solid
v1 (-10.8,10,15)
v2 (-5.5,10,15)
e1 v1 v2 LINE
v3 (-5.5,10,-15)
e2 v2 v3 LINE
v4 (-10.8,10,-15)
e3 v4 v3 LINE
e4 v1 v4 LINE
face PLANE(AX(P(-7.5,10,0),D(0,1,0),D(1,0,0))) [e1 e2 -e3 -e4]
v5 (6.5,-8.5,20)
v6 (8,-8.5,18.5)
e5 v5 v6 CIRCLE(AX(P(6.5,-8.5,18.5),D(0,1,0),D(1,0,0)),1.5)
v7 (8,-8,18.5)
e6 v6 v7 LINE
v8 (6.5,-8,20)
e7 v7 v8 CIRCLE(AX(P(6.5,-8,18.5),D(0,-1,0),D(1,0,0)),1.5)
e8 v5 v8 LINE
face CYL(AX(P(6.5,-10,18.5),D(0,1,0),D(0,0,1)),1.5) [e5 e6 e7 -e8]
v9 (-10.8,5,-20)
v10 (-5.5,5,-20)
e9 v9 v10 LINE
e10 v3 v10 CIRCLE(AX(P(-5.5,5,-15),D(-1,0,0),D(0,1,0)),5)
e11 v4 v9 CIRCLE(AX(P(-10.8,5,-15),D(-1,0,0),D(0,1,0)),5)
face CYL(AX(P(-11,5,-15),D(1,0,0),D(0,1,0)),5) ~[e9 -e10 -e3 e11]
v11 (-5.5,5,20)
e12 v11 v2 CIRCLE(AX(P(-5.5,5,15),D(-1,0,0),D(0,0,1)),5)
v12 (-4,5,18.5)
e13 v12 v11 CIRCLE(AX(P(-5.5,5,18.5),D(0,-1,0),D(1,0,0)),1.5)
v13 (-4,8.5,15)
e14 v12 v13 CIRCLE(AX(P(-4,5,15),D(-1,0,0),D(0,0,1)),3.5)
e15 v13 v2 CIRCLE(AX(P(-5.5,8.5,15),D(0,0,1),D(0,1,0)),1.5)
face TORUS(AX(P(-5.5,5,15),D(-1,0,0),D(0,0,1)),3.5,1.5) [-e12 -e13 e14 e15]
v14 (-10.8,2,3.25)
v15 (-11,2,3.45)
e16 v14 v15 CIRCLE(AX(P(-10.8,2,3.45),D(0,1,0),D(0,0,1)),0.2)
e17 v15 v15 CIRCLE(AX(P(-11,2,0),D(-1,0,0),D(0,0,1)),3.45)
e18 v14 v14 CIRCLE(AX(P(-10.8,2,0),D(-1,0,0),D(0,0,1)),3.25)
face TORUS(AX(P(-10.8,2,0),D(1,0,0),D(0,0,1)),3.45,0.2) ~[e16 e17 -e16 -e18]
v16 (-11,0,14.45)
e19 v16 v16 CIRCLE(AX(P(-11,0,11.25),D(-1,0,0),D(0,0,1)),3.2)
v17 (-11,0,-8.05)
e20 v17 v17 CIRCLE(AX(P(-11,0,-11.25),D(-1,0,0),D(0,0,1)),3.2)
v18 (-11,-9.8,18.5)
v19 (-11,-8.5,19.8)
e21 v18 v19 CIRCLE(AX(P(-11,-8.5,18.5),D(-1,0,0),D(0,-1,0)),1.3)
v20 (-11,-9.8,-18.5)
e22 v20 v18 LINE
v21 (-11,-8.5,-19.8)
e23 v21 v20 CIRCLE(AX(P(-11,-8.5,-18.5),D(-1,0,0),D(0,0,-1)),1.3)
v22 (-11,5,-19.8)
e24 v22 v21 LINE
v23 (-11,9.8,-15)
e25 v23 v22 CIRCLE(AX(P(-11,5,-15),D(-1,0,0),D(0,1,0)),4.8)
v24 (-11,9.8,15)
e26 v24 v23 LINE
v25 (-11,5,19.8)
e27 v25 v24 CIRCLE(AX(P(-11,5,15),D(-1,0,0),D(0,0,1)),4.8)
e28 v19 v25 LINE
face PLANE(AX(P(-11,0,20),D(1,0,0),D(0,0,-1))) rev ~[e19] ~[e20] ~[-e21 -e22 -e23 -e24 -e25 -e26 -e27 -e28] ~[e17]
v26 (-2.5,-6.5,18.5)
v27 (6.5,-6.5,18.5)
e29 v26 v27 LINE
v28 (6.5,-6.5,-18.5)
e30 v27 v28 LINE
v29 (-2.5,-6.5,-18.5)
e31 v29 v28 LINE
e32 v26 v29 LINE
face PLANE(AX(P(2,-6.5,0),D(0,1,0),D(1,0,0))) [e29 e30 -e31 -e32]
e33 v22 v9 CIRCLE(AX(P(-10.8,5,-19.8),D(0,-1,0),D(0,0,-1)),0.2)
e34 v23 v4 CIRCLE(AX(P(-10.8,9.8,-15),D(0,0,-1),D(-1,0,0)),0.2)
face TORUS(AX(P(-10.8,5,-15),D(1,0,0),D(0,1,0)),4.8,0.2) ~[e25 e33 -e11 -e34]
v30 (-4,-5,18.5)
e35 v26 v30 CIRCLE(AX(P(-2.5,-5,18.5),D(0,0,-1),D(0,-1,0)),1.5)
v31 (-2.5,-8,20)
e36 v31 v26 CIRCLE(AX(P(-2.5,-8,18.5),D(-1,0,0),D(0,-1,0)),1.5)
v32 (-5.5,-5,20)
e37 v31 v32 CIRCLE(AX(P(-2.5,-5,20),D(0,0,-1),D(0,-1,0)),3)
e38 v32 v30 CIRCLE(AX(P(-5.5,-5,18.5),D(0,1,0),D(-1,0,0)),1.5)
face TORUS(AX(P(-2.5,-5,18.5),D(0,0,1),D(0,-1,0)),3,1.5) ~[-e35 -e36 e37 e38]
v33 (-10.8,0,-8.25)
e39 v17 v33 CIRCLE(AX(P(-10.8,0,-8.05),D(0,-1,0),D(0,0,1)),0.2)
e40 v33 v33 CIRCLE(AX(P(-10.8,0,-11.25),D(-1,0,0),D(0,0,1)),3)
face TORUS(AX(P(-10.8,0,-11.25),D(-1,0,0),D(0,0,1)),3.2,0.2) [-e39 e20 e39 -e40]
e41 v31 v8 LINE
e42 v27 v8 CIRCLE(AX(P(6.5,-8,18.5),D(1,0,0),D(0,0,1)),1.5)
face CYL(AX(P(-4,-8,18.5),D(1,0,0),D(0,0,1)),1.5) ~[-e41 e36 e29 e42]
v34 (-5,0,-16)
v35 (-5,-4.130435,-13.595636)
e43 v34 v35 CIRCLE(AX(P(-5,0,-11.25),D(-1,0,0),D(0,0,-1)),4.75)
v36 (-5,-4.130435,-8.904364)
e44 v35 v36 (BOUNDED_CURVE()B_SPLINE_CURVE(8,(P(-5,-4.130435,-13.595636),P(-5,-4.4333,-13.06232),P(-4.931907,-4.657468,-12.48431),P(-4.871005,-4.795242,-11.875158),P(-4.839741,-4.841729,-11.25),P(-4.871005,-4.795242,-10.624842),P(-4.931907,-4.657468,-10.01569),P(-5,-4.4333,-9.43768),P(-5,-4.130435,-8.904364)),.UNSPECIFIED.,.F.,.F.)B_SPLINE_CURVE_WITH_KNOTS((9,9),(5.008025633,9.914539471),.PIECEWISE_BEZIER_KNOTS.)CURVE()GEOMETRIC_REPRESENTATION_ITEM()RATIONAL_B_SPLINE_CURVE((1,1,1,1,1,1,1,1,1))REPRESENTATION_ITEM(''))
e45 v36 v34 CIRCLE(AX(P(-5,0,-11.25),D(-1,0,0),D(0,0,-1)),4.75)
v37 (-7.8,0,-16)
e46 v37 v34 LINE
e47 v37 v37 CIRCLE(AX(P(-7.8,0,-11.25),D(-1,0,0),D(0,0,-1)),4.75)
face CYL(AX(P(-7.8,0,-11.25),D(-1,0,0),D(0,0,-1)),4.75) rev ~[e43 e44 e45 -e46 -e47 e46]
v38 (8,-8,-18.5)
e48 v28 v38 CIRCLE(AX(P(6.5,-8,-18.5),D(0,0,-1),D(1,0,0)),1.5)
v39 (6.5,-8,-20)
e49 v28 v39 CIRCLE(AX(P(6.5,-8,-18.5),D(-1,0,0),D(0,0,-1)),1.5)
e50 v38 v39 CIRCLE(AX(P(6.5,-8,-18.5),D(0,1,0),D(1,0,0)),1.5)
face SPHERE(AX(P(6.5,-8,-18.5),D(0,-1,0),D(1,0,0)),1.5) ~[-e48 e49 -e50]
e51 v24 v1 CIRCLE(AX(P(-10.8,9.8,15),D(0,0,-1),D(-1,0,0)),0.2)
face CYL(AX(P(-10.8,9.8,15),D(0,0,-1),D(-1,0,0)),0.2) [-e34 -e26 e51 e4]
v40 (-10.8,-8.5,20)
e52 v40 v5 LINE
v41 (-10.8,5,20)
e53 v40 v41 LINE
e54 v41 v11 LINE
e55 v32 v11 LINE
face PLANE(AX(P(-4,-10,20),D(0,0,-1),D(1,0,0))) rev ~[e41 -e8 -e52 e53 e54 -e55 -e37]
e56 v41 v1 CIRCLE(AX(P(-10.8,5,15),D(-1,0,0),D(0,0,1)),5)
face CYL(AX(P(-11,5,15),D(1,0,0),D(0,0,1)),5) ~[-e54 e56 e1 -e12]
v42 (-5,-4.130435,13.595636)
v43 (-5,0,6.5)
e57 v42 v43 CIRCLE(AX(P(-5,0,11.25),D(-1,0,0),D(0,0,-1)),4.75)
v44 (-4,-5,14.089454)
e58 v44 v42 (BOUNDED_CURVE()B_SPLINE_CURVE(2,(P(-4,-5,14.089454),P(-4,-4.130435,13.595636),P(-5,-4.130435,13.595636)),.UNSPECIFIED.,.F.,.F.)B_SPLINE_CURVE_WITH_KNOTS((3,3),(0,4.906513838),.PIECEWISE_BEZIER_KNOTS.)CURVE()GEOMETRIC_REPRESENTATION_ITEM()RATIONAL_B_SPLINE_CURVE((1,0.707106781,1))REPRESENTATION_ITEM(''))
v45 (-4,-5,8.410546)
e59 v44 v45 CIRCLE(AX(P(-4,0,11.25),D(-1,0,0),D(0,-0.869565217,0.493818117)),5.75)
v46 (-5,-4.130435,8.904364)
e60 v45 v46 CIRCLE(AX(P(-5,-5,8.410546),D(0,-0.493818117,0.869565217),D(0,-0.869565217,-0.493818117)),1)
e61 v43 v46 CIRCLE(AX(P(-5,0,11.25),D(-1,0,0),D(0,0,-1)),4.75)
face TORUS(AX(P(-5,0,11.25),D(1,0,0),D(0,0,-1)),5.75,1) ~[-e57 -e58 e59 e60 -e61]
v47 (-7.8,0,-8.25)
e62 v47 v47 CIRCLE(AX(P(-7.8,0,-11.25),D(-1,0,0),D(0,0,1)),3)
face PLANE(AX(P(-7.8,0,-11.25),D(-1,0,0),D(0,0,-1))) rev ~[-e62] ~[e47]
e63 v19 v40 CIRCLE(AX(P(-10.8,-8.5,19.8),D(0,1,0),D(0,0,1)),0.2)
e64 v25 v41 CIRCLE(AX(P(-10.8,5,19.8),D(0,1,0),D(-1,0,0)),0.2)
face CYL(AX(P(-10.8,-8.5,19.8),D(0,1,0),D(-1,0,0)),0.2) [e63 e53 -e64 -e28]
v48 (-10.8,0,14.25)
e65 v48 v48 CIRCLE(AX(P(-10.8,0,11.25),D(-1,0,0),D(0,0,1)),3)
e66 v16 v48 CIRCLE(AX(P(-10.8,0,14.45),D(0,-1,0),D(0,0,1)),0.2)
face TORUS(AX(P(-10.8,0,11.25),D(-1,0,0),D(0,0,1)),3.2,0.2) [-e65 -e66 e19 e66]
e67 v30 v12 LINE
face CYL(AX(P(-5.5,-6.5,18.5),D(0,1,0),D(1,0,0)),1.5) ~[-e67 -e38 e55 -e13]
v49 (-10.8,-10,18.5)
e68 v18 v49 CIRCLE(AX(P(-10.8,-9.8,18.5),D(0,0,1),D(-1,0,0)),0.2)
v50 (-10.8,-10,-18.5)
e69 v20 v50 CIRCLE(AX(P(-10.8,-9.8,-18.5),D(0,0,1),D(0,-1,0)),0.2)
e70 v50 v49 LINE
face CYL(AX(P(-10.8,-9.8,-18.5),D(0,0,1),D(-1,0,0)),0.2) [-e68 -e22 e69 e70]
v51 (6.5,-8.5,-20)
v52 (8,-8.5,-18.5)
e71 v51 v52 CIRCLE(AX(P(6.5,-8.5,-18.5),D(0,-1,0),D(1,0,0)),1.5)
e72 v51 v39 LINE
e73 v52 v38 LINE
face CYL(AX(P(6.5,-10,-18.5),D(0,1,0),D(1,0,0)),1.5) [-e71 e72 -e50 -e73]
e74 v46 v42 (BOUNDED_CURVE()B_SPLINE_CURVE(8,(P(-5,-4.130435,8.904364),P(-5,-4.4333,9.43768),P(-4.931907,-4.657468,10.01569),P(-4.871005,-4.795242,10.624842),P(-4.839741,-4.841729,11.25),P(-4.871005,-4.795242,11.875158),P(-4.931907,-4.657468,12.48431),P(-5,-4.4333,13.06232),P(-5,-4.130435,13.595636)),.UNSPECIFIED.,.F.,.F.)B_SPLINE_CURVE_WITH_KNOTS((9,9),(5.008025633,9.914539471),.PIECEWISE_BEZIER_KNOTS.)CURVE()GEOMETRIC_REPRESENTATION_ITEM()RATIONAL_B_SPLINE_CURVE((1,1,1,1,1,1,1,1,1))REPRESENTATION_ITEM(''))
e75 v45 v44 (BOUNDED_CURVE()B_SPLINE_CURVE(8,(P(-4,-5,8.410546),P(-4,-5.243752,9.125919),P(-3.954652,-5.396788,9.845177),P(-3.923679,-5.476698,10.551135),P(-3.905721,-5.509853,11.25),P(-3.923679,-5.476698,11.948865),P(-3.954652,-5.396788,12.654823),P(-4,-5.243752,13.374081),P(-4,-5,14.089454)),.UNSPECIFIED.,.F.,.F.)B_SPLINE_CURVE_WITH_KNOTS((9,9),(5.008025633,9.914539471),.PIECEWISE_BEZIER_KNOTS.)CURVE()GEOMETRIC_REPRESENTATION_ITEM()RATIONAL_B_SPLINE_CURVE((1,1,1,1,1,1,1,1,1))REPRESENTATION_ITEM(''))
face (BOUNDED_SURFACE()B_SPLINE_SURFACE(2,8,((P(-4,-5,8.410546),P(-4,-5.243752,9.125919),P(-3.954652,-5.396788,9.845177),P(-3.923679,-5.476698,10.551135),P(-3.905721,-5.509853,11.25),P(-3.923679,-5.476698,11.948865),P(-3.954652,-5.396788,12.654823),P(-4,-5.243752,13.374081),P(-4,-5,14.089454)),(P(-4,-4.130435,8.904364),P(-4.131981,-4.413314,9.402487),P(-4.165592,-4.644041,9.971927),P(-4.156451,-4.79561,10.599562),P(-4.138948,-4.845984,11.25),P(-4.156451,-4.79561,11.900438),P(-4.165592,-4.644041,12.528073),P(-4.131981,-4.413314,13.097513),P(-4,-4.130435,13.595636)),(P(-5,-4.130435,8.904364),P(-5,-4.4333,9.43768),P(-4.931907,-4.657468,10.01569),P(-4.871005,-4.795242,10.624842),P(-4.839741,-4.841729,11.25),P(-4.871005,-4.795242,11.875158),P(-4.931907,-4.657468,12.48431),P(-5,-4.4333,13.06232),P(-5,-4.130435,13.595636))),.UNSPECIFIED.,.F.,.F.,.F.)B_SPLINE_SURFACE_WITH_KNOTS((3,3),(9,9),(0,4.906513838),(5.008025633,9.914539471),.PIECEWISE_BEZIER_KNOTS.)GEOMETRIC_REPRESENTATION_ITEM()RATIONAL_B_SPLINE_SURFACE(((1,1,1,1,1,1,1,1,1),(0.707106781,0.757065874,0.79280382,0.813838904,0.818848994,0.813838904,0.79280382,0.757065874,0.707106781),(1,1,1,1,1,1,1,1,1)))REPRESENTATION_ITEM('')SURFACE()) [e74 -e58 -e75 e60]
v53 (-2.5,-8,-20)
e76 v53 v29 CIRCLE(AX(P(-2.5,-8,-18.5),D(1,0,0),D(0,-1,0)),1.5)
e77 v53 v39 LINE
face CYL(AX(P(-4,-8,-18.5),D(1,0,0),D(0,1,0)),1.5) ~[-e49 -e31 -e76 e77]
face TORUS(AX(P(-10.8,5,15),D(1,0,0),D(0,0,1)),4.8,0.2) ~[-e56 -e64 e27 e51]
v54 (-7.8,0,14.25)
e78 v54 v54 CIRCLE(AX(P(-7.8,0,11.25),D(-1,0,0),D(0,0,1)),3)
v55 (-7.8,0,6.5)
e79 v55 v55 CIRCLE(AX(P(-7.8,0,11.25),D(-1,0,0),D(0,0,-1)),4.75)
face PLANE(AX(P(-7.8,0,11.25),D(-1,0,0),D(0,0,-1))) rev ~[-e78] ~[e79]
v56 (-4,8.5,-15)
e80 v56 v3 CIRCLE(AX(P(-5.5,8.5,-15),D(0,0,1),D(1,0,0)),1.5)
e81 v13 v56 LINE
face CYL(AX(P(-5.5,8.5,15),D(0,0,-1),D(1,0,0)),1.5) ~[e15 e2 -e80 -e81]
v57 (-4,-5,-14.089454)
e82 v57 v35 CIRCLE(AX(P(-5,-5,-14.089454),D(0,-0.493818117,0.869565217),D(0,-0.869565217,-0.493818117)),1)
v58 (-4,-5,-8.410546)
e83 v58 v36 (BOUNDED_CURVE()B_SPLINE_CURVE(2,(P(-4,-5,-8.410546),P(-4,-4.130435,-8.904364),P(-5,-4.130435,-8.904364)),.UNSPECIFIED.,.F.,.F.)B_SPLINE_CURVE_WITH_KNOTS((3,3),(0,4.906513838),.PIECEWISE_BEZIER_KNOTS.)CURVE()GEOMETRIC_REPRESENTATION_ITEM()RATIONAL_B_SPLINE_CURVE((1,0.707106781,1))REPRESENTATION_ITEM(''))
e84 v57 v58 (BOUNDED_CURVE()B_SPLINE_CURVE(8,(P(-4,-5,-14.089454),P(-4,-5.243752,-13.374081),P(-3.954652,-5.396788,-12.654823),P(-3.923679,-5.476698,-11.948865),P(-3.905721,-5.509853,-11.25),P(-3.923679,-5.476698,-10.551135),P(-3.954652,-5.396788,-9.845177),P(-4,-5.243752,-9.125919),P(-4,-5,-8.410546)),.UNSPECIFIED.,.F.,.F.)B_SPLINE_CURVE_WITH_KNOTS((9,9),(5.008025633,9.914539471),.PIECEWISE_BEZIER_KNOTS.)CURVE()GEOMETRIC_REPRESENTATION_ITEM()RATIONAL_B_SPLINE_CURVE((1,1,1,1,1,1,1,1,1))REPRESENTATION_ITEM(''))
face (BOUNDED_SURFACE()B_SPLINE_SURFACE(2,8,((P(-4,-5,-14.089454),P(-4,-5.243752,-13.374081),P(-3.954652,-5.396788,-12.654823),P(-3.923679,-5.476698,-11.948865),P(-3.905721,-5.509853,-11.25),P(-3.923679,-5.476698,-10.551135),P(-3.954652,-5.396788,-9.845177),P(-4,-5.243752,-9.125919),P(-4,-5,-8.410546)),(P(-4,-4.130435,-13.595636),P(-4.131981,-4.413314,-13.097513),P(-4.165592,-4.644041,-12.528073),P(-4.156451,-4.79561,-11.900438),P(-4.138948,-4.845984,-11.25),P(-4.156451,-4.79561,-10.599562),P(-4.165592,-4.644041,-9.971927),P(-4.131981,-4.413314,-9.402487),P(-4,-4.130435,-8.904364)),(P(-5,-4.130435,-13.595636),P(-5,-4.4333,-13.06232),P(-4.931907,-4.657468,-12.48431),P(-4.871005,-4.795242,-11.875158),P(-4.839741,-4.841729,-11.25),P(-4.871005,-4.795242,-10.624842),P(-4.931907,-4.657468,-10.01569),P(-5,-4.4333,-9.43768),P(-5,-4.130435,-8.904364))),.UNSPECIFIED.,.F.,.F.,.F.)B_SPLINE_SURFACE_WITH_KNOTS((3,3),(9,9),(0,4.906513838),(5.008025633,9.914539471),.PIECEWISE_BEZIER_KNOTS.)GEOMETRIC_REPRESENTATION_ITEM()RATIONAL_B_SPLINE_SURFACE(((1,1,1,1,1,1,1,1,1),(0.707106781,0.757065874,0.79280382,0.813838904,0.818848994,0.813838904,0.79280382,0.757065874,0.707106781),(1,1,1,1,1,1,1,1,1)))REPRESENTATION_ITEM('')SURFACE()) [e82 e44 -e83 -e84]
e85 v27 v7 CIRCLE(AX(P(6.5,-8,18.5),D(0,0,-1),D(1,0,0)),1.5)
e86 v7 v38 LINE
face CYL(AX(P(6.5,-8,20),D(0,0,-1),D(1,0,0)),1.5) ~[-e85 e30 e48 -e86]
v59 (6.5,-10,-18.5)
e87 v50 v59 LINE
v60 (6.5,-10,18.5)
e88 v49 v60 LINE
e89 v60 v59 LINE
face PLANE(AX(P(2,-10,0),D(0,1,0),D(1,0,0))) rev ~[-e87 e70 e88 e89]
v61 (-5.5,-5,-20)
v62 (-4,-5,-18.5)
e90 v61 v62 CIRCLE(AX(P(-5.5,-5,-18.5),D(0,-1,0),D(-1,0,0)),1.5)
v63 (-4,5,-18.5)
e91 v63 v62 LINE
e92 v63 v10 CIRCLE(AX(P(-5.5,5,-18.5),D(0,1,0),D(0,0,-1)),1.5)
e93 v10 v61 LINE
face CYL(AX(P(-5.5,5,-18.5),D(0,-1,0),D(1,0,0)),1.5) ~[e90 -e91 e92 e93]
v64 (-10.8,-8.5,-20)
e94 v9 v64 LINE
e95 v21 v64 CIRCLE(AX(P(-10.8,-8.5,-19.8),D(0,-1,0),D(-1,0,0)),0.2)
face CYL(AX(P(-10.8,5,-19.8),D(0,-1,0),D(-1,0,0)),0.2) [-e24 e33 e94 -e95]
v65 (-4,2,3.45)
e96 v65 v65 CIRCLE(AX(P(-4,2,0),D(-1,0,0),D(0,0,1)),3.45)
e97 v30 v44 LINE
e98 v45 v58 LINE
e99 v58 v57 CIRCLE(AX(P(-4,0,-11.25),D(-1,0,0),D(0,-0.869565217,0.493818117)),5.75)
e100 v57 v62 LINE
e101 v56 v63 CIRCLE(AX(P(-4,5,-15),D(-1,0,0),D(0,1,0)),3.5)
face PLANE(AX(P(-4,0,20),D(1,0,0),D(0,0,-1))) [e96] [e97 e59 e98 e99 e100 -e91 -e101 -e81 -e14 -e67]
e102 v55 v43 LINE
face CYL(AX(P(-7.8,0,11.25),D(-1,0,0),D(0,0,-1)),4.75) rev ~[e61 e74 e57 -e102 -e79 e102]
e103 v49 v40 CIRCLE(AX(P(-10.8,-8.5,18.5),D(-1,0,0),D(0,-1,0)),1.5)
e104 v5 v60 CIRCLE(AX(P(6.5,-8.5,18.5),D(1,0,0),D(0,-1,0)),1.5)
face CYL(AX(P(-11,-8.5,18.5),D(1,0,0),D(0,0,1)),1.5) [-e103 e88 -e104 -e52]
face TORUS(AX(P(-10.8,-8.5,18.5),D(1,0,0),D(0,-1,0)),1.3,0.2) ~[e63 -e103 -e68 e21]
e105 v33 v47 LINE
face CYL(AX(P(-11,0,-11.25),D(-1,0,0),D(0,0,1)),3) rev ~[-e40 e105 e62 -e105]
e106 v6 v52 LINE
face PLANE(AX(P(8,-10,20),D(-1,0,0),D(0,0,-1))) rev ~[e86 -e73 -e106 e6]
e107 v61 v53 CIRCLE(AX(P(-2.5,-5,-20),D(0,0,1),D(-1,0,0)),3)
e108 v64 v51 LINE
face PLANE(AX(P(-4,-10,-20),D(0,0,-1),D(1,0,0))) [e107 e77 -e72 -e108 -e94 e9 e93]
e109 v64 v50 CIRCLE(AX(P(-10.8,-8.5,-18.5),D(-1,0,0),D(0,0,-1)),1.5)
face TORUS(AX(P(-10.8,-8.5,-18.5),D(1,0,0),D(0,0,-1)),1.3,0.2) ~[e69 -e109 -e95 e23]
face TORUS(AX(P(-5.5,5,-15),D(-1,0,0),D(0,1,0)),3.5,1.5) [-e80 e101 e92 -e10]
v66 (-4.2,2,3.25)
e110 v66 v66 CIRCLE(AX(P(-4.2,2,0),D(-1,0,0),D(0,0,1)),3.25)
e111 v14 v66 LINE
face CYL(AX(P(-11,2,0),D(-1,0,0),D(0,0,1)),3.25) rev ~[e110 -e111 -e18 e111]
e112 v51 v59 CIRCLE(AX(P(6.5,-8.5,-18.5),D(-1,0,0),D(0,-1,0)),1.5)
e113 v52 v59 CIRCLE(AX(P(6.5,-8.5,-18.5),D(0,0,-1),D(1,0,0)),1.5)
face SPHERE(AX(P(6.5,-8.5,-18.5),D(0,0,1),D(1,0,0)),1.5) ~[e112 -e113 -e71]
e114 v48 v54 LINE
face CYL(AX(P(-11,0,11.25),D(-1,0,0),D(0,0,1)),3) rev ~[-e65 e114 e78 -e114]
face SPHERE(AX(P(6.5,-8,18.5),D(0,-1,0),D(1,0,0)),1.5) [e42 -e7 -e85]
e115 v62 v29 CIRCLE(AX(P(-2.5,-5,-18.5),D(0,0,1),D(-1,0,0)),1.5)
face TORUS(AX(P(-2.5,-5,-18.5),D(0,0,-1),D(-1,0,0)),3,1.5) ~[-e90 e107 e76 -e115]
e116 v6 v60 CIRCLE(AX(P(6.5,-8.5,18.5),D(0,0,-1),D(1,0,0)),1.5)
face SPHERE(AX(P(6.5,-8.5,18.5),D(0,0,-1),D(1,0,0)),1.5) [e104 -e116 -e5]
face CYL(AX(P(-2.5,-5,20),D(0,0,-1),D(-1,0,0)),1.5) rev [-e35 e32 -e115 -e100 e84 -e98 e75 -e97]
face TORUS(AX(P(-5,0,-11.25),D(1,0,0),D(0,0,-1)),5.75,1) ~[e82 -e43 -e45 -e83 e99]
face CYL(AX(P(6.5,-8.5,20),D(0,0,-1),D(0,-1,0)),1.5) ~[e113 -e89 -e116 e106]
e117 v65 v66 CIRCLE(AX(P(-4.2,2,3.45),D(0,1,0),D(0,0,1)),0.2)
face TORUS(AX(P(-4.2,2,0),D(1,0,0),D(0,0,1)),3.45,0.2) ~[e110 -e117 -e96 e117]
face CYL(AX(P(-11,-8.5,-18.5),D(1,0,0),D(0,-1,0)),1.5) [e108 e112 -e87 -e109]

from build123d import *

# Parameters (mm, degrees)
SKETCH1_W           = 7
SKETCH1_H           = 40
BOSS_EXTRUDE1_DEPTH = 10
BOSS_EXTRUDE2_START = -10
SKETCH1_3_W         = 12
SKETCH1_3_H         = 40
BOSS_EXTRUDE2_DEPTH = 3.5
SKETCH2_R           = 3
SKETCH2_R_2         = 3.25
CUT_EXTRUDE1_DEPTH  = 7
CUT_EXTRUDE2_START  = -3.2
SKETCH2_3_R         = 4.75
SKETCH2_3_R_2       = 3
CUT_EXTRUDE2_DEPTH  = 3.8
FILLET5_R           = 5
FILLET6_R           = 1.5
FILLET7_R           = 1
FILLET8_R           = 0.2


with BuildPart() as part:
    # Sketch1 → Boss-Extrude1 (new, symmetric)
    with BuildSketch(Plane(origin=(0, 0, 0), x_dir=(1, 0, 0), z_dir=(0, 1, 0))):
        with Locations((-7.5, 0)):
            Rectangle(SKETCH1_W, SKETCH1_H)
    extrude(amount=BOSS_EXTRUDE1_DEPTH, both=True)

    # Sketch1<3> → Boss-Extrude2 (add)
    with BuildSketch(Plane(origin=(0, 0, 0), x_dir=(1, 0, 0), z_dir=(0, 1, 0)).offset(BOSS_EXTRUDE2_START)):
        with Locations((2, 0)):
            Rectangle(SKETCH1_3_W, SKETCH1_3_H)
    extrude(amount=BOSS_EXTRUDE2_DEPTH)

    # Sketch2 → Cut-Extrude1 (cut)
    with BuildSketch(Plane.ZY.offset(11)):
        with Locations((11.25, 0)):
            Circle(SKETCH2_R)
        with Locations((0, 2)):
            Circle(SKETCH2_R_2)
        with Locations((-11.25, 0)):
            Circle(SKETCH2_R)
    extrude(amount=-CUT_EXTRUDE1_DEPTH, mode=Mode.SUBTRACT)

    # Sketch2<3> → Cut-Extrude2 (cut)
    # profile 1 of 2: a face of its own
    with BuildSketch(Plane.ZY.offset(11).offset(CUT_EXTRUDE2_START)):
        with Locations(Location((-11.25, 0, 0), (0, 0, 180))):
            Circle(SKETCH2_3_R)
        with Locations((-11.25, 0)):
            Circle(SKETCH2_3_R_2, mode=Mode.SUBTRACT)
    # profile 2 of 2: a face of its own
    with BuildSketch(Plane.ZY.offset(11).offset(CUT_EXTRUDE2_START)):
        with Locations(Location((11.25, 0, 0), (0, 0, 180))):
            Circle(SKETCH2_3_R)
        with Locations((11.25, 0)):
            Circle(SKETCH2_3_R_2, mode=Mode.SUBTRACT)
    extrude(amount=-CUT_EXTRUDE2_DEPTH, mode=Mode.SUBTRACT)

    # Fillet5
    fillet5_edges = [part.edges().sort_by_distance(p)[0] for p in [
        (-7.5, 10, -20),
        (-7.5, 10, 20),
    ]]
    fillet(fillet5_edges, radius=FILLET5_R)

    # Fillet6
    fillet6_edges = [part.edges().sort_by_distance(p)[0] for p in [
        (8, -10, 0),
        (8, -8.25, 20),
        (8, -8.25, -20),
        (8, -6.5, 0),
        (2, -6.5, -20),
        (-4, -6.5, 0),
        (2, -6.5, 20),
        (-4, 10, 0),
        (-1.5, -10, 20),
        (-4, -0.75, -20),
        (-4, -0.75, 20),
        (-4, 8.535533906, -18.535533906),
        (-4, 8.535533906, 18.535533906),
        (-1.5, -10, -20),
    ]]
    fillet(fillet6_edges, radius=FILLET6_R)

    # Fillet7
    fillet7_edges = [part.edges().sort_by_distance(p)[0] for p in [
        (-4, 0, -6.5),
        (-4, 0, 16),
    ]]
    fillet(fillet7_edges, radius=FILLET7_R)

    # Fillet8
    fillet8_edges = [part.edges().sort_by_distance(p)[0] for p in [
        (-11, 0, 8.25),
        (-11, 2, -3.25),
        (-4, 2, -3.25),
        (-11, 0, -14.25),
        (-11, 10, 0),
        (-11, -1.75, 20),
        (-11, -1.75, -20),
        (-11, 8.535533906, -18.535533906),
        (-11, 8.535533906, 18.535533906),
        (-11, -10, 0),
        (-11, -9.560660172, -19.560660172),
        (-11, -9.560660172, 19.560660172),
    ]]
    fillet(fillet8_edges, radius=FILLET8_R)


solid = part.part
